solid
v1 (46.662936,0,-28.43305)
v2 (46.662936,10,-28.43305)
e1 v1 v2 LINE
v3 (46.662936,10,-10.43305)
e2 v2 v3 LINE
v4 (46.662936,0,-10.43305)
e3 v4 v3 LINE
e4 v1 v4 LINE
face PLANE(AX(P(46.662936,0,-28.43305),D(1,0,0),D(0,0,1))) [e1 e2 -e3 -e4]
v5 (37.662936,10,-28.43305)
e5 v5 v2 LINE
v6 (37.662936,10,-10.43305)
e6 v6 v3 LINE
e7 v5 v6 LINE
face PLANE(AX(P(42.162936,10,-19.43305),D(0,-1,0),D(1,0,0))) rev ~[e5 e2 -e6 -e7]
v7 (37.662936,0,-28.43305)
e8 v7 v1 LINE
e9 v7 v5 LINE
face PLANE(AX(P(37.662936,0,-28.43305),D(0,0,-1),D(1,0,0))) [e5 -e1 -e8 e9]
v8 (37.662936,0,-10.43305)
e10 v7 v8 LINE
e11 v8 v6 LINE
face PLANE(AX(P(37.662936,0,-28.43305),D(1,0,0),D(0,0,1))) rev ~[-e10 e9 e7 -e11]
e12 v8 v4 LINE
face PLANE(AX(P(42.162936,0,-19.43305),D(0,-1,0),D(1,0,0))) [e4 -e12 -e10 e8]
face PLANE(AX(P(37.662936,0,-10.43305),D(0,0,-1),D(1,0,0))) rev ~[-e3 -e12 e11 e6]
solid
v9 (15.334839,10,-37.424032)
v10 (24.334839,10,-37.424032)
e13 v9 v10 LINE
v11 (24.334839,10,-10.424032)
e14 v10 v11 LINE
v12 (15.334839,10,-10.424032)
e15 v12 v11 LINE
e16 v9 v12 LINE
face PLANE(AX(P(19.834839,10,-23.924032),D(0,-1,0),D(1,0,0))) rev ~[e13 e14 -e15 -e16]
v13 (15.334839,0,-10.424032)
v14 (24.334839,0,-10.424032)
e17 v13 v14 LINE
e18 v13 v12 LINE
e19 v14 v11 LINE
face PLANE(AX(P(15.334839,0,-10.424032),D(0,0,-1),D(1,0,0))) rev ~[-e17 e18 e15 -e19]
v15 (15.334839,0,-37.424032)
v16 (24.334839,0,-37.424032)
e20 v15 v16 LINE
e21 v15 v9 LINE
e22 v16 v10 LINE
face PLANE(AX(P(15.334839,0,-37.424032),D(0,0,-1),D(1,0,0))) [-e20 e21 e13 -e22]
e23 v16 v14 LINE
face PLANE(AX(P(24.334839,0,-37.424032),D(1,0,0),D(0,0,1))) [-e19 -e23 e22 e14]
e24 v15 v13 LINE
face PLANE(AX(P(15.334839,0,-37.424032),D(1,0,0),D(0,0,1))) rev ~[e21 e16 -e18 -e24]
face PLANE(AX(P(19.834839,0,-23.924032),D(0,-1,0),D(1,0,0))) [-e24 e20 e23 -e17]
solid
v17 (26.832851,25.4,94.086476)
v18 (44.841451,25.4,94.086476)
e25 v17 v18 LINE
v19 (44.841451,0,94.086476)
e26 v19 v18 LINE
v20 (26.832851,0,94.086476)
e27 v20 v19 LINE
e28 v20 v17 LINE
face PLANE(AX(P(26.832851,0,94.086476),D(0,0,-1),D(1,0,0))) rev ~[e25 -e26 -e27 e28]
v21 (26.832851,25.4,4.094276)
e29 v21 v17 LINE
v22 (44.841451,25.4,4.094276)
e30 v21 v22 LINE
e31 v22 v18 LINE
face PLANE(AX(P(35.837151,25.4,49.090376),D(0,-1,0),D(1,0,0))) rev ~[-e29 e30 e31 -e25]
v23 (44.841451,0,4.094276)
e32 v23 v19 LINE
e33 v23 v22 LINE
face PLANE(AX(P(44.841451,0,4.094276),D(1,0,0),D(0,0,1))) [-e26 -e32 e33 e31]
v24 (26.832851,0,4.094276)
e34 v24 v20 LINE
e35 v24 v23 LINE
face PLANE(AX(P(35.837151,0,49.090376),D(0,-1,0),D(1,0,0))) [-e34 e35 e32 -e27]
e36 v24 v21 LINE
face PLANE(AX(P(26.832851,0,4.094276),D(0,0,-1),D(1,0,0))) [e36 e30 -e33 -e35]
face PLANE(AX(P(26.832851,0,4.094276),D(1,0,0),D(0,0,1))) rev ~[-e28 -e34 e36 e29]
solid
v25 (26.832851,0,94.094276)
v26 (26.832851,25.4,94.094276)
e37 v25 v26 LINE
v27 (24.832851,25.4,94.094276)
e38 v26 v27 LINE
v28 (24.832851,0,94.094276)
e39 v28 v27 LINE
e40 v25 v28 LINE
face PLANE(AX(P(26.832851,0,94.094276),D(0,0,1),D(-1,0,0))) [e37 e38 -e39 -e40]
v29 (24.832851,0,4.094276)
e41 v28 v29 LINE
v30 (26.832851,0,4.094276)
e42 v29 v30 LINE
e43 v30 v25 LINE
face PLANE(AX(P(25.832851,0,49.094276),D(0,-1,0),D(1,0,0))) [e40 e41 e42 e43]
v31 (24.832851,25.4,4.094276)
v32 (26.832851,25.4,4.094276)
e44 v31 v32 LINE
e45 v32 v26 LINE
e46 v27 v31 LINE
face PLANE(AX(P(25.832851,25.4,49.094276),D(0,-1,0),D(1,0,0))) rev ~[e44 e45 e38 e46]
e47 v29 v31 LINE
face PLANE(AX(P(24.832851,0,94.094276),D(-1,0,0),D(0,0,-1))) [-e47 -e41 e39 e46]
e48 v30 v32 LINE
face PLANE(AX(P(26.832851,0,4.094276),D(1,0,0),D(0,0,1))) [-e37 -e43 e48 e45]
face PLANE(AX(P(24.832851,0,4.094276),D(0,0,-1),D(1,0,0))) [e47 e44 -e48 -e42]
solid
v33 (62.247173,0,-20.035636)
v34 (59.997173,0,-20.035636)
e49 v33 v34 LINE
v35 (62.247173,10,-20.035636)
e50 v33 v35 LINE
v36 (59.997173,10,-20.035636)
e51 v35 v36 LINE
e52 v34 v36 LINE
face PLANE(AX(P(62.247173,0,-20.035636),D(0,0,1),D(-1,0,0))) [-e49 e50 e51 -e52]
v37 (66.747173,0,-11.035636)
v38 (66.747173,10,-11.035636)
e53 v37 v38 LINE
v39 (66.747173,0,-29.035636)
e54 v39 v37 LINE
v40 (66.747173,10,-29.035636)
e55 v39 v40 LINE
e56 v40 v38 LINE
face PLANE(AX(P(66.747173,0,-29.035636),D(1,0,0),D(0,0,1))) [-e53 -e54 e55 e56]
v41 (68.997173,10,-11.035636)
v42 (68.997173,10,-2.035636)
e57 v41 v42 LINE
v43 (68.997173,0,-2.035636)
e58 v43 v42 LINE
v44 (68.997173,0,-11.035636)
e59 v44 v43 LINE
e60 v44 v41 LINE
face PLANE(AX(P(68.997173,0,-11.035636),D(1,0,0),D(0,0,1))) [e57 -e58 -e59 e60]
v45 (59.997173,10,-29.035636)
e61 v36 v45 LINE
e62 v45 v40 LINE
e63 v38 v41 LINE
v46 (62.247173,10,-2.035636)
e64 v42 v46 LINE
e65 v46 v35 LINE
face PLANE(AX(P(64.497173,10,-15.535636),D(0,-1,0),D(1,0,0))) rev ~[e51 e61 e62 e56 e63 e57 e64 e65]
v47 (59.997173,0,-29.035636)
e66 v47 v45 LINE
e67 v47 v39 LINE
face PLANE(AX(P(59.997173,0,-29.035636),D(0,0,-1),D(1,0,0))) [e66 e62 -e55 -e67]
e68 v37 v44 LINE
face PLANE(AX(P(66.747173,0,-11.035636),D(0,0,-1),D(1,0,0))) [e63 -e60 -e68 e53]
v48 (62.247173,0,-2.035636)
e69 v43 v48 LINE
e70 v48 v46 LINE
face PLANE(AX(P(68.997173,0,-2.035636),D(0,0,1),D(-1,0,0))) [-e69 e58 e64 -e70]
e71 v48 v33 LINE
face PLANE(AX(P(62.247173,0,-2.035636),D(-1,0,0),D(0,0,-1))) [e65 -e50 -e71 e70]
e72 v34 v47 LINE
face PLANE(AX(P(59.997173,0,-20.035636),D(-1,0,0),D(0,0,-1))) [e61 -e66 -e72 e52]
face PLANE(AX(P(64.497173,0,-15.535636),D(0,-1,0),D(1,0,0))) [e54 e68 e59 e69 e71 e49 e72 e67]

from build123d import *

# Parameters (mm, degrees)
F0_W     = 9
F0_H     = 27
F1_DEPTH = 10
F2_W     = 9
F2_H     = 18
F3_DEPTH = 10
F5_DEPTH = 10
F6_W     = 18.0086
F6_H     = 89.9922
F7_DEPTH = 25.4
F8_DEPTH = 25.4


with BuildPart() as f1:
    # F0 (on Front) → F1 (new body)
    with BuildSketch(Plane.XZ):
        with Locations((19.834839, -23.924032)):
            Rectangle(F0_W, F0_H)
    extrude(amount=-F1_DEPTH)


with BuildPart() as f3:
    # F2 (on Front) → F3 (new body)
    with BuildSketch(Plane.XZ):
        with Locations((42.162936, -19.43305)):
            Rectangle(F2_W, F2_H)
    extrude(amount=-F3_DEPTH)


with BuildPart() as f5:
    # F4 (on Front) → F5 (new body)
    with BuildSketch(Plane.XZ):
        Polygon((59.997173, -20.035636), (59.997173, -29.035636), (66.747173, -29.035636), (66.747173, -11.035636), (68.997173, -11.035636), (68.997173, -2.035636), (62.247173, -2.035636), (62.247173, -20.035636), align=None)
    extrude(amount=-F5_DEPTH)


with BuildPart() as f7:
    # F6 (on face) → F7 (new body)
    with BuildSketch(Plane.XZ):
        with Locations((35.837151, 49.090376)):
            Rectangle(F6_W, F6_H)
    extrude(amount=-F7_DEPTH)


with BuildPart() as f8:
    # F6 (on face) → F8 (new body)
    with BuildSketch(Plane.XZ):
        Polygon((26.832851, 4.094276), (26.832851, 94.086476), (26.832851, 94.094276), (24.832851, 94.094276), (24.832851, 4.094276), align=None)
    extrude(amount=-F8_DEPTH)


solid = Compound([f1.part, f3.part, f5.part, f7.part, f8.part])
